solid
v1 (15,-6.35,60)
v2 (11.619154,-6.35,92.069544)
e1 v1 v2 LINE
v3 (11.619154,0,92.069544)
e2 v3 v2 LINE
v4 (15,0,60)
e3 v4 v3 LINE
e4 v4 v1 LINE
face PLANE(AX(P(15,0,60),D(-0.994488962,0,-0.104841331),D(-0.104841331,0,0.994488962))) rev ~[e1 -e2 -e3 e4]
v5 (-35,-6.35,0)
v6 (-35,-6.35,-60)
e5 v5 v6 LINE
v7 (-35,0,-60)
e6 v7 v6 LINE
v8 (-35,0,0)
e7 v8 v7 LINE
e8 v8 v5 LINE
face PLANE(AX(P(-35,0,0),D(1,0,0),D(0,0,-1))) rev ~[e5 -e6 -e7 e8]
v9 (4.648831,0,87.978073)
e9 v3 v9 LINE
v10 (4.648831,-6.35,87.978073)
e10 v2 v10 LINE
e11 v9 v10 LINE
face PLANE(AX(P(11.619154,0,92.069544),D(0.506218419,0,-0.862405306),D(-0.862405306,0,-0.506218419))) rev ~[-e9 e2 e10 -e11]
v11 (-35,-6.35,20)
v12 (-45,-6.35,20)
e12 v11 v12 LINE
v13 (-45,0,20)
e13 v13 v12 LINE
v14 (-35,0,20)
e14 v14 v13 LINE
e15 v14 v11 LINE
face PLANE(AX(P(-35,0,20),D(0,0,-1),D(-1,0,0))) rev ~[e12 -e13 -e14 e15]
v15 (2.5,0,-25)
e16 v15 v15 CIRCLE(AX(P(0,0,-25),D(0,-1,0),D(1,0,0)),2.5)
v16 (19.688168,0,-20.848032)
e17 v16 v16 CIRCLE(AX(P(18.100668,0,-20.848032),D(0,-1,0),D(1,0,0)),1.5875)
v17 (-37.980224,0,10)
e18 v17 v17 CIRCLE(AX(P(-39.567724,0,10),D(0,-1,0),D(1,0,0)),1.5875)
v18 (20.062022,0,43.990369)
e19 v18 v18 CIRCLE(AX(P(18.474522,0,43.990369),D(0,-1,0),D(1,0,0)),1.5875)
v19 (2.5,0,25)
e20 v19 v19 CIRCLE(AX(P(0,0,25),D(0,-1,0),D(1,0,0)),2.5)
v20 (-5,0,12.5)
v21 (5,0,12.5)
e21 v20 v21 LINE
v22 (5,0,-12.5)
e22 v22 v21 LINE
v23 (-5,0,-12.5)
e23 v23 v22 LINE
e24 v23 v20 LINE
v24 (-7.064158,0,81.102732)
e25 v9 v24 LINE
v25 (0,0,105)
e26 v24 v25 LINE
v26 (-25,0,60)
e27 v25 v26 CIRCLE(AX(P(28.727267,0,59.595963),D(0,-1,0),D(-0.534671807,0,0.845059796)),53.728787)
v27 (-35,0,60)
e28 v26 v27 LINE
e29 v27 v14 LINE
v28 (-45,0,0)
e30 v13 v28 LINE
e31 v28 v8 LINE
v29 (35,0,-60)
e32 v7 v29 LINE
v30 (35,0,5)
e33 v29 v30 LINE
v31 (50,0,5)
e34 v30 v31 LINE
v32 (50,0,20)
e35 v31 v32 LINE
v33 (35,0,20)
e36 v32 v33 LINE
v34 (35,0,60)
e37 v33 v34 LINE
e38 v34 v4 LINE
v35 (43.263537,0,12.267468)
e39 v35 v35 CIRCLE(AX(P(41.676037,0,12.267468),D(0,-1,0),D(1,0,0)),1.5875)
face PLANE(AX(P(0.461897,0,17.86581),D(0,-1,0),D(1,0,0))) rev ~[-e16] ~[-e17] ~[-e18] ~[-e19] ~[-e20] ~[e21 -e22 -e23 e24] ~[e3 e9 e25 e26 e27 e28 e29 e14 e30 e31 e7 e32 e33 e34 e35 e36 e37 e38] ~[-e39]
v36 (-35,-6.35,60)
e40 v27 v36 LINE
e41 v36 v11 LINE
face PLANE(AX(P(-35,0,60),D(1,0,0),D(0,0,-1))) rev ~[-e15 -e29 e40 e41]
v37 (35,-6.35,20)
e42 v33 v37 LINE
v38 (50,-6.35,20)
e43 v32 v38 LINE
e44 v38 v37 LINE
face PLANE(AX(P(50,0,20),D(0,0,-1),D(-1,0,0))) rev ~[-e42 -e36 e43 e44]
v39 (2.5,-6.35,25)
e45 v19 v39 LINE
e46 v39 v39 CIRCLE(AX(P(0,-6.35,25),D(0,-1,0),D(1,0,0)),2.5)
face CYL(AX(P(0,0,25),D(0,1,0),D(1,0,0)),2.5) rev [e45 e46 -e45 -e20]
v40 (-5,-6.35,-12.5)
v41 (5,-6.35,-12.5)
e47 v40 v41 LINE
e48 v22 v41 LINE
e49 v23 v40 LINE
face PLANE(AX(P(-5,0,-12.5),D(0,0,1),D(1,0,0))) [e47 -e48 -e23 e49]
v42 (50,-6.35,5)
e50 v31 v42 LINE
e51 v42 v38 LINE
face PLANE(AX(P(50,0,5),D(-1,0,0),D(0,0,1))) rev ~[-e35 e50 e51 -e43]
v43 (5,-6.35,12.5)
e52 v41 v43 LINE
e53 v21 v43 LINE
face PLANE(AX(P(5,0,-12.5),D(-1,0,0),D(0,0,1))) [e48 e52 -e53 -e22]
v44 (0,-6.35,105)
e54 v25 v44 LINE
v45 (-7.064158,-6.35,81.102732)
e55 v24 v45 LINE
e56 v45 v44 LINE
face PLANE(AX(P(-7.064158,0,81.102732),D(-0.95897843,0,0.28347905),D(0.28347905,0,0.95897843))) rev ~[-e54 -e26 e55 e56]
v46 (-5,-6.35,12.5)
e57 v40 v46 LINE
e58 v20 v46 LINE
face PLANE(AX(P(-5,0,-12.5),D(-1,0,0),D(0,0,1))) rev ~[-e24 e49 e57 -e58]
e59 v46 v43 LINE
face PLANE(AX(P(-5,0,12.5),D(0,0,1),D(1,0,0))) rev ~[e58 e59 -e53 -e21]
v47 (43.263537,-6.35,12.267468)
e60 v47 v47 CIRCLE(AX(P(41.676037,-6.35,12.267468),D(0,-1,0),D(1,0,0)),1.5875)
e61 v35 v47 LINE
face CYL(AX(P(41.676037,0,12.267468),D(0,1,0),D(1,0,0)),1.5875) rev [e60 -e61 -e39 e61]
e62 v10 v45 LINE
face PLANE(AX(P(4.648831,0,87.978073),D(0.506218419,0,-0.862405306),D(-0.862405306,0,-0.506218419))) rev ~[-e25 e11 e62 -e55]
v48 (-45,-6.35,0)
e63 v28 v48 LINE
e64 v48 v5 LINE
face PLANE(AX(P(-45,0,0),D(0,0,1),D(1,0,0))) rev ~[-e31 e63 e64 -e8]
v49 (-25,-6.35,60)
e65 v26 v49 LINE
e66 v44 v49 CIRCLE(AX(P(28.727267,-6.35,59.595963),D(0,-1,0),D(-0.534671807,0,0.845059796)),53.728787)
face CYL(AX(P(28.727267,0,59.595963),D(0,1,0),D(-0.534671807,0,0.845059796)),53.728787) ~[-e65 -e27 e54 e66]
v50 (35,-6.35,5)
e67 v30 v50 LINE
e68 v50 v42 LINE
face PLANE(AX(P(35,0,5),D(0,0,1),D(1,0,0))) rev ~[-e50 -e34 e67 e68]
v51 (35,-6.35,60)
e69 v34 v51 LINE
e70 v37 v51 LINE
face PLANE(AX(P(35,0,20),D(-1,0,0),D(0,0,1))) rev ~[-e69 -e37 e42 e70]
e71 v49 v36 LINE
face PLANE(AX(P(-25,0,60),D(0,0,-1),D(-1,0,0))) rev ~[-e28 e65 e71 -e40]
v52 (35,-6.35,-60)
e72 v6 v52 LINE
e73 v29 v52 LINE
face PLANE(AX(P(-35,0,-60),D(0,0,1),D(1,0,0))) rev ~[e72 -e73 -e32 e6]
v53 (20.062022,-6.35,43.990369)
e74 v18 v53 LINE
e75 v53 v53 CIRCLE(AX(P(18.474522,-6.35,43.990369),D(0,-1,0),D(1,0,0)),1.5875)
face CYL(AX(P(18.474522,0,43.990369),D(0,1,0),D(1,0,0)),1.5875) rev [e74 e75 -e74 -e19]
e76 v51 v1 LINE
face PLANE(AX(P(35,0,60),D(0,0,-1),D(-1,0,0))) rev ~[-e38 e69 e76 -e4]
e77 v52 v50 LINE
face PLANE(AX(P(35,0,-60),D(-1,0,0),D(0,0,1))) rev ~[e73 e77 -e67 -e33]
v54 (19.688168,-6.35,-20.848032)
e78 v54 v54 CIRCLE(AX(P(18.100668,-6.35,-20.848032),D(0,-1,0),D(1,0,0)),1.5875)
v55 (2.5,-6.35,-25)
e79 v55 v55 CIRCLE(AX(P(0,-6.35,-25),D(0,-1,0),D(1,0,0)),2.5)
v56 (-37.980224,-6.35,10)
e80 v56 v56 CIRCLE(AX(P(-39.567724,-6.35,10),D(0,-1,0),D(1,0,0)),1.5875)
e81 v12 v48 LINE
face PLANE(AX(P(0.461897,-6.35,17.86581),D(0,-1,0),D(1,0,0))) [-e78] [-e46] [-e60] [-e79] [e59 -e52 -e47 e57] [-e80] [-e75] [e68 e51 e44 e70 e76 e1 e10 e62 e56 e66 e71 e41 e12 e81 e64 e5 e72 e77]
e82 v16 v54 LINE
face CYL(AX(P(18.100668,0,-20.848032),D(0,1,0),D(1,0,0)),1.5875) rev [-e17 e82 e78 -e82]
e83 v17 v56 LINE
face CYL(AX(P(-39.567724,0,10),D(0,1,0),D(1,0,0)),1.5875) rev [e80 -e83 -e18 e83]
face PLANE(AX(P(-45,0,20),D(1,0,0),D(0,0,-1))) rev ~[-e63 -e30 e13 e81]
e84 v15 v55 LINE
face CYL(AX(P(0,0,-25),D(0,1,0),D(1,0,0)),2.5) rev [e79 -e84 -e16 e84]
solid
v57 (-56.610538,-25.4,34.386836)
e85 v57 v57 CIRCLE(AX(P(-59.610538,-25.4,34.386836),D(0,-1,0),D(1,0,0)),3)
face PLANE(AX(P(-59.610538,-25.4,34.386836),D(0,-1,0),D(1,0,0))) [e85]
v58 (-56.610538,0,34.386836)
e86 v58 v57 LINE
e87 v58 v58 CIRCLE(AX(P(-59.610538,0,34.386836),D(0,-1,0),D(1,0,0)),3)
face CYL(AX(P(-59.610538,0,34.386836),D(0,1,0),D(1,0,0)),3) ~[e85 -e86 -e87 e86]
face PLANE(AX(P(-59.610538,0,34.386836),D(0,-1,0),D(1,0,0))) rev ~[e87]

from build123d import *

# Parameters (mm, degrees)
F0_R     = 1.5875
F0_R_2   = 2.5
F0_W     = 10
F0_H     = 25
F1_DEPTH = 6.35
F0_R_3   = 3
F2_DEPTH = 25.4


with BuildPart() as f1:
    # F0 (on Front) → F1 (new body)
    with BuildSketch(Plane.XZ):
        with BuildLine():
            Line((-35, -60), (35, -60))
            Line((35, -60), (35, 5))
            Line((35, 5), (50, 5))
            Line((50, 5), (50, 20))
            Line((50, 20), (35, 20))
            Line((35, 20), (35, 60))
            Line((35, 60), (15, 60))
            Line((15, 60), (11.6191543639, 92.0695438981))
            Line((11.6191543639, 92.0695438981), (4.6488310281, 87.9780731748))
            Line((4.6488310281, 87.9780731748), (-7.0641576312, 81.1027321219))
            Line((-7.0641576312, 81.1027321219), (0, 105))
            ThreePointArc((0, 105), (-18.2401423346, 85.6889679637), (-25, 60))
            Line((-25, 60), (-35, 60))
            Line((-35, 60), (-35, 20))
            Line((-35, 20), (-45, 20))
            Line((-45, 20), (-45, 0))
            Line((-45, 0), (-35, 0))
            Line((-35, 0), (-35, -60))
        make_face()
        with Locations((-39.5677238703, 10)):
            Circle(F0_R, mode=Mode.SUBTRACT)
        with Locations((0, -25)):
            Circle(F0_R_2, mode=Mode.SUBTRACT)
        with Locations((18.1006677449, -20.8480320871)):
            Circle(F0_R, mode=Mode.SUBTRACT)
        Rectangle(F0_W, F0_H, mode=Mode.SUBTRACT)
        with Locations((41.6760370135, 12.2674684972)):
            Circle(F0_R, mode=Mode.SUBTRACT)
        with Locations((0, 25)):
            Circle(F0_R_2, mode=Mode.SUBTRACT)
        with Locations((18.4745215804, 43.9903687234)):
            Circle(F0_R, mode=Mode.SUBTRACT)
    extrude(amount=F1_DEPTH)


with BuildPart() as f2:
    # F0 (on Front) → F2 (new body)
    with BuildSketch(Plane.XZ):
        with Locations((-59.6105381846, 34.3868359923)):
            Circle(F0_R_3)
    extrude(amount=F2_DEPTH)


solid = Compound([f1.part, f2.part])
